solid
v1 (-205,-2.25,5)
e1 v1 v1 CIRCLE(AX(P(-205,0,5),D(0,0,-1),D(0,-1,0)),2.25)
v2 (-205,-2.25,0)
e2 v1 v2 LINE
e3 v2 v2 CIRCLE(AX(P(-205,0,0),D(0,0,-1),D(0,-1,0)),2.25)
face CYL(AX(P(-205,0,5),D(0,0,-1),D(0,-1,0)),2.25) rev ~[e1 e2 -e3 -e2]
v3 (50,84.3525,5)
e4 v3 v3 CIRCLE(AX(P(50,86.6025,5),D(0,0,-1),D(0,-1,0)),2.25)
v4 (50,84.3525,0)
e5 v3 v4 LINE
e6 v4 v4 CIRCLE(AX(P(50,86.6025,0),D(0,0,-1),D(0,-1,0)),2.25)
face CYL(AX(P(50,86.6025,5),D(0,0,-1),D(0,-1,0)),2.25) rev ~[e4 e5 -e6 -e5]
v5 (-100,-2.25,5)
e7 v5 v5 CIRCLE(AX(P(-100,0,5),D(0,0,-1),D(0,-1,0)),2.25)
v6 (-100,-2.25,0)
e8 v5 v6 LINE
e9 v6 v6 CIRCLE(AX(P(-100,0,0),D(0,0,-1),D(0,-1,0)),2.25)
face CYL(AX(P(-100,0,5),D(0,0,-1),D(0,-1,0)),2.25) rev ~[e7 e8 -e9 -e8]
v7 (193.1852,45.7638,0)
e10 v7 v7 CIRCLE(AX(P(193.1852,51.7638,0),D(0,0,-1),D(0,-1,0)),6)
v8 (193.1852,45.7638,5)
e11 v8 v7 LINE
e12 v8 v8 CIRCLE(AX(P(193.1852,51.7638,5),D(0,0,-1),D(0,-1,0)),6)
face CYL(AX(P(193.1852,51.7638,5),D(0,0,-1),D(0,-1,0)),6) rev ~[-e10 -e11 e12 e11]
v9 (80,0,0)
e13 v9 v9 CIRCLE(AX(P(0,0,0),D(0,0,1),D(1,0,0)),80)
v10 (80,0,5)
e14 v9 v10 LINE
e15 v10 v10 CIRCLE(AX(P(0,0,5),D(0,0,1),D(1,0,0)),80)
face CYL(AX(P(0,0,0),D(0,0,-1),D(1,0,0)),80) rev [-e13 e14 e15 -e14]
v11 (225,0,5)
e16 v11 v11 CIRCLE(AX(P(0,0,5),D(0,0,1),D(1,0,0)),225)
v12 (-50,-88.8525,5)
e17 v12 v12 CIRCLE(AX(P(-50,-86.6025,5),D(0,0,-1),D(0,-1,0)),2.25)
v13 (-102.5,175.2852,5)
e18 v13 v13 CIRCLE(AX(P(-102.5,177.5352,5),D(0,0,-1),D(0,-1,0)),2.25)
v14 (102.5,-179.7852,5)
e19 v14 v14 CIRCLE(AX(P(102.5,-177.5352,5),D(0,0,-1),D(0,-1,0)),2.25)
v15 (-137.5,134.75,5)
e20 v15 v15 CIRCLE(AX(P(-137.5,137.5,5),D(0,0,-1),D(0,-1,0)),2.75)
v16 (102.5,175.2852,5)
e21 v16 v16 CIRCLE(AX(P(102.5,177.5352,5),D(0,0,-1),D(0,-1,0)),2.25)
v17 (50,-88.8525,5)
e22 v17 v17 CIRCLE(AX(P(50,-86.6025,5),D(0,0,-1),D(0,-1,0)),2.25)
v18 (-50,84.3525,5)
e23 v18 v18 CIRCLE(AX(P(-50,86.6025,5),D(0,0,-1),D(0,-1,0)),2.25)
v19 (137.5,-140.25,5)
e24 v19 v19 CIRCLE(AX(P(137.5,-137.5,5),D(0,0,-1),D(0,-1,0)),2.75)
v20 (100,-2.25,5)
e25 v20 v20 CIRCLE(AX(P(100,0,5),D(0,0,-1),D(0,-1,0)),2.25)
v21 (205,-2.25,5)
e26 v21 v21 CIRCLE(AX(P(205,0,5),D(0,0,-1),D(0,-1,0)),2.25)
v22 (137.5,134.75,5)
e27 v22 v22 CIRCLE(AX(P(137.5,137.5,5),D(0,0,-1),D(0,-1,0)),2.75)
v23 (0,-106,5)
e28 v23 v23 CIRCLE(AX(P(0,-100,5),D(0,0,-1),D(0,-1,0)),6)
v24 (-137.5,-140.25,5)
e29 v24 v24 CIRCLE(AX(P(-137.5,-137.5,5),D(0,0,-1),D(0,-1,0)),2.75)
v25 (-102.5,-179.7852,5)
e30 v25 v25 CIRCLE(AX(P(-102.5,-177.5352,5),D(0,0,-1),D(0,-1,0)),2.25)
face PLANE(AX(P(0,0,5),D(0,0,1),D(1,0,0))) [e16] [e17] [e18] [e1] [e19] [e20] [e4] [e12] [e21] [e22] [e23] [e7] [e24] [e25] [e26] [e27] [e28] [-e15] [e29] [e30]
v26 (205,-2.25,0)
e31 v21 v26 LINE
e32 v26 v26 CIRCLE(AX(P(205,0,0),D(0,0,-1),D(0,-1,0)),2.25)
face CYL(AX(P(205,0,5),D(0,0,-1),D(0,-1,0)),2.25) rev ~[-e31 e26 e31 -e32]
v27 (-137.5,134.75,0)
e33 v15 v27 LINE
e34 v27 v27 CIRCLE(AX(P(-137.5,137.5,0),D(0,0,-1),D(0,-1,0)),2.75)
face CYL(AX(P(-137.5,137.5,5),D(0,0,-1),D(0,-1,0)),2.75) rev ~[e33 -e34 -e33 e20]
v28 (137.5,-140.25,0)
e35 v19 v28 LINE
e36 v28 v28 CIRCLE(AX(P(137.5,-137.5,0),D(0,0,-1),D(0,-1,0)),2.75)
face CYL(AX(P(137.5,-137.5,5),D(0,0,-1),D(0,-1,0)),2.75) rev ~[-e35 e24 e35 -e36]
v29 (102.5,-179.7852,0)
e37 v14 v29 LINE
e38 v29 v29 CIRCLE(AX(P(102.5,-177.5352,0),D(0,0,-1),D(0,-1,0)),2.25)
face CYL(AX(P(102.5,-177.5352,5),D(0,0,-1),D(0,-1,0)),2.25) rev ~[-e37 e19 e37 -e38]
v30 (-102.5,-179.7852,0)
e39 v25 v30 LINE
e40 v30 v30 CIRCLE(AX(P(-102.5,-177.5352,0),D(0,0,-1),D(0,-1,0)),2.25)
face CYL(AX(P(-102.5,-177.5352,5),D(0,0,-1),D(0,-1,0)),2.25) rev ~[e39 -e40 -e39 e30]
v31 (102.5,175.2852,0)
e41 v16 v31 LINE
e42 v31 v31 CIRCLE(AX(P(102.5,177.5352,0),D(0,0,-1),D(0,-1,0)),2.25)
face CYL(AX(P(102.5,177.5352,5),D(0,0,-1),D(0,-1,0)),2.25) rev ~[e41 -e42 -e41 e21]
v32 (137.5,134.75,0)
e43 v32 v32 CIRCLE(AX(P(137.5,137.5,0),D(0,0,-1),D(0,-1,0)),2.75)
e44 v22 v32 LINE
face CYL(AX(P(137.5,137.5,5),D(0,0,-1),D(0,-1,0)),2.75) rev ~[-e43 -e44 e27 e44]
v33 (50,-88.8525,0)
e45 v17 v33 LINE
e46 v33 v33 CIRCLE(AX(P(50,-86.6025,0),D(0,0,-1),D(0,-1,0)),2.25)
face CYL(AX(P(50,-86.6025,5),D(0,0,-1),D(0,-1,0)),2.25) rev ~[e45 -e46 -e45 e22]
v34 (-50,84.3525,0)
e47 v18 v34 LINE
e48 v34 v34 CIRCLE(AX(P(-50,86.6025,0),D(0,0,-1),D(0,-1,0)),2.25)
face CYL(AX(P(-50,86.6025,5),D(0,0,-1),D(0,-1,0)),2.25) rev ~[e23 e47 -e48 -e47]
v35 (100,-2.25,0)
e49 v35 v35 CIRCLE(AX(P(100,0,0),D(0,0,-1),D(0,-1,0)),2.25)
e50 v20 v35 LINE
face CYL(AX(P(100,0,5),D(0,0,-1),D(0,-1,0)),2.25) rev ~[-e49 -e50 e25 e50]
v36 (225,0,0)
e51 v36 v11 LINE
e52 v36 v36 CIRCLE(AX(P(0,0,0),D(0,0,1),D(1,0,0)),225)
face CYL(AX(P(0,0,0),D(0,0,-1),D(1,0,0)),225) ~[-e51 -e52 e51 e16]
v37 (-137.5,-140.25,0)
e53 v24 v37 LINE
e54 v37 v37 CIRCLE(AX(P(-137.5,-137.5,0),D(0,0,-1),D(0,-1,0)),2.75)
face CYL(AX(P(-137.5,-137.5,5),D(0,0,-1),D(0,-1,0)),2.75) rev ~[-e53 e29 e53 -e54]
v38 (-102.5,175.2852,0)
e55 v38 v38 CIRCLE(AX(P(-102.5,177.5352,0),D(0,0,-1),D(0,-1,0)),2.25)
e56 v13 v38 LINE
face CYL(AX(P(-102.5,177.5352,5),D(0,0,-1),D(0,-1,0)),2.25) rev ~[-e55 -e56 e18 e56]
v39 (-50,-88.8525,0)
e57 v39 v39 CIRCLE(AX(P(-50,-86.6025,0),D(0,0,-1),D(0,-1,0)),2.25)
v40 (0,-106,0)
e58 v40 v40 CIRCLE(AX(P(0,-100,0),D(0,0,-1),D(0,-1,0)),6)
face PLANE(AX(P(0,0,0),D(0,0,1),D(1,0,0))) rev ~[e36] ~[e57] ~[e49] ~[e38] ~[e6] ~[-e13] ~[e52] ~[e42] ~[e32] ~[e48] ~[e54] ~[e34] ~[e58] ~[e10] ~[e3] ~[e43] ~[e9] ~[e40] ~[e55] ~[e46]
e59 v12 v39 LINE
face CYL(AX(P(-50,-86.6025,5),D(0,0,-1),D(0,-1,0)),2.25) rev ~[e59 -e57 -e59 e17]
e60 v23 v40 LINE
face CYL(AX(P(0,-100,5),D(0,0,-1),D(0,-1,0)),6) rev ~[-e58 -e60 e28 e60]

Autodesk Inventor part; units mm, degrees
ref_plane "YZ Plane" through (0, 0, 0) normal (1, 0, 0) x (0, 1, 0)
ref_plane "XZ Plane" through (0, 0, 0) normal (0, 1, 0) x (-1, 0, 0)
ref_plane "XY Plane" through (0, 0, 0) normal (0, 0, 1) x (1, 0, 0)
sketch "Sketch1" plane through (0, 0, 0) normal (0, 0, 1) x (1, 0, 0)
  circle A0 centre (0, 0) radius 80
  circle A1 centre (0, 0) radius 225
  dimension "d0" = 160
  dimension "d1" = 450
extrude "Extrusion1" add sketch "Sketch1" along normal blind 5
sketch "Sketch2" plane through (0, 0, 5) normal (0, 0, 1) x (1, 0, 0)
  line L0 (-205, 0) -> (-100, 0) construction
  point P0 (0, 0)
  point P1 (-102.5, -177.5352)
  point P2 (-50, -86.6025)
  point P3 (102.5, -177.5352)
  point P4 (50, -86.6025)
  point P5 (205, 0)
  point P6 (100, 0)
  point P7 (102.5, 177.5352)
  point P8 (50, 86.6025)
  point P9 (-102.5, 177.5352)
  point P10 (-50, 86.6025)
  dimension "d4" = 100
  dimension "d5" = 205
  dimension "d8" = 360
hole "Hole1" at (-205, 0, 5) at (-100, 0, 5) at (-102.5, -177.5352, 5) at (-50, -86.6025, 5) at (102.5, -177.5352, 5) at (50, -86.6025, 5) at (205, 0, 5) at (100, 0, 5) at (102.5, 177.5352, 5) at (50, 86.6025, 5) at (-102.5, 177.5352, 5) at (-50, 86.6025, 5) direction (0, 0, -1) diameter 4.5 depth 8 tip angle 118 clearance for "Countersunk Flat Head Screw DIN EN ISO 2009" size "M4" standard "DIN"
sketch "Sketch3" plane through (0, 0, 5) normal (0, 0, 1) x (1, 0, 0)
  line L0 (-137.5, -137.5) -> (137.5, -137.5) construction
  line L1 (137.5, -137.5) -> (137.5, 137.5) construction
  line L2 (137.5, 137.5) -> (-137.5, 137.5) construction
  line L3 (-137.5, 137.5) -> (-137.5, -137.5) construction
  line L4 (-137.5, -137.5) -> (137.5, 137.5) construction
  line L5 (137.5, -137.5) -> (-137.5, 137.5) construction
  point P0 (0, 0)
  dimension "d17" = 275
  dimension "d18" = 275
hole "Hole2" at (-137.5, 137.5, 5) at (137.5, -137.5, 5) at (-137.5, -137.5, 5) at (137.5, 137.5, 5) direction (0, 0, -1) diameter 5.5 depth 8 tip angle 118 clearance for "Countersunk Flat Head Screw DIN EN ISO 2009" size "M5" standard "DIN"
sketch "Sketch4" plane through (0, 0, 5) normal (0, 0, 1) x (1, 0, 0)
  line L0 (0, 0) -> (193.1852, 51.7638) construction
  line L1 (0, 0) -> (-138.753, 0) construction
  point P0 (0, -100)
  dimension "d26" = 100
  dimension "d38" = 200
  dimension "d39" = 165
hole "Hole3" at (0, -100, 5) at (193.1852, 51.7638, 5) direction (0, 0, -1) diameter 12 depth 8 tip angle 118
properties part number "Primary" material "Polycarbonate, Clear"
